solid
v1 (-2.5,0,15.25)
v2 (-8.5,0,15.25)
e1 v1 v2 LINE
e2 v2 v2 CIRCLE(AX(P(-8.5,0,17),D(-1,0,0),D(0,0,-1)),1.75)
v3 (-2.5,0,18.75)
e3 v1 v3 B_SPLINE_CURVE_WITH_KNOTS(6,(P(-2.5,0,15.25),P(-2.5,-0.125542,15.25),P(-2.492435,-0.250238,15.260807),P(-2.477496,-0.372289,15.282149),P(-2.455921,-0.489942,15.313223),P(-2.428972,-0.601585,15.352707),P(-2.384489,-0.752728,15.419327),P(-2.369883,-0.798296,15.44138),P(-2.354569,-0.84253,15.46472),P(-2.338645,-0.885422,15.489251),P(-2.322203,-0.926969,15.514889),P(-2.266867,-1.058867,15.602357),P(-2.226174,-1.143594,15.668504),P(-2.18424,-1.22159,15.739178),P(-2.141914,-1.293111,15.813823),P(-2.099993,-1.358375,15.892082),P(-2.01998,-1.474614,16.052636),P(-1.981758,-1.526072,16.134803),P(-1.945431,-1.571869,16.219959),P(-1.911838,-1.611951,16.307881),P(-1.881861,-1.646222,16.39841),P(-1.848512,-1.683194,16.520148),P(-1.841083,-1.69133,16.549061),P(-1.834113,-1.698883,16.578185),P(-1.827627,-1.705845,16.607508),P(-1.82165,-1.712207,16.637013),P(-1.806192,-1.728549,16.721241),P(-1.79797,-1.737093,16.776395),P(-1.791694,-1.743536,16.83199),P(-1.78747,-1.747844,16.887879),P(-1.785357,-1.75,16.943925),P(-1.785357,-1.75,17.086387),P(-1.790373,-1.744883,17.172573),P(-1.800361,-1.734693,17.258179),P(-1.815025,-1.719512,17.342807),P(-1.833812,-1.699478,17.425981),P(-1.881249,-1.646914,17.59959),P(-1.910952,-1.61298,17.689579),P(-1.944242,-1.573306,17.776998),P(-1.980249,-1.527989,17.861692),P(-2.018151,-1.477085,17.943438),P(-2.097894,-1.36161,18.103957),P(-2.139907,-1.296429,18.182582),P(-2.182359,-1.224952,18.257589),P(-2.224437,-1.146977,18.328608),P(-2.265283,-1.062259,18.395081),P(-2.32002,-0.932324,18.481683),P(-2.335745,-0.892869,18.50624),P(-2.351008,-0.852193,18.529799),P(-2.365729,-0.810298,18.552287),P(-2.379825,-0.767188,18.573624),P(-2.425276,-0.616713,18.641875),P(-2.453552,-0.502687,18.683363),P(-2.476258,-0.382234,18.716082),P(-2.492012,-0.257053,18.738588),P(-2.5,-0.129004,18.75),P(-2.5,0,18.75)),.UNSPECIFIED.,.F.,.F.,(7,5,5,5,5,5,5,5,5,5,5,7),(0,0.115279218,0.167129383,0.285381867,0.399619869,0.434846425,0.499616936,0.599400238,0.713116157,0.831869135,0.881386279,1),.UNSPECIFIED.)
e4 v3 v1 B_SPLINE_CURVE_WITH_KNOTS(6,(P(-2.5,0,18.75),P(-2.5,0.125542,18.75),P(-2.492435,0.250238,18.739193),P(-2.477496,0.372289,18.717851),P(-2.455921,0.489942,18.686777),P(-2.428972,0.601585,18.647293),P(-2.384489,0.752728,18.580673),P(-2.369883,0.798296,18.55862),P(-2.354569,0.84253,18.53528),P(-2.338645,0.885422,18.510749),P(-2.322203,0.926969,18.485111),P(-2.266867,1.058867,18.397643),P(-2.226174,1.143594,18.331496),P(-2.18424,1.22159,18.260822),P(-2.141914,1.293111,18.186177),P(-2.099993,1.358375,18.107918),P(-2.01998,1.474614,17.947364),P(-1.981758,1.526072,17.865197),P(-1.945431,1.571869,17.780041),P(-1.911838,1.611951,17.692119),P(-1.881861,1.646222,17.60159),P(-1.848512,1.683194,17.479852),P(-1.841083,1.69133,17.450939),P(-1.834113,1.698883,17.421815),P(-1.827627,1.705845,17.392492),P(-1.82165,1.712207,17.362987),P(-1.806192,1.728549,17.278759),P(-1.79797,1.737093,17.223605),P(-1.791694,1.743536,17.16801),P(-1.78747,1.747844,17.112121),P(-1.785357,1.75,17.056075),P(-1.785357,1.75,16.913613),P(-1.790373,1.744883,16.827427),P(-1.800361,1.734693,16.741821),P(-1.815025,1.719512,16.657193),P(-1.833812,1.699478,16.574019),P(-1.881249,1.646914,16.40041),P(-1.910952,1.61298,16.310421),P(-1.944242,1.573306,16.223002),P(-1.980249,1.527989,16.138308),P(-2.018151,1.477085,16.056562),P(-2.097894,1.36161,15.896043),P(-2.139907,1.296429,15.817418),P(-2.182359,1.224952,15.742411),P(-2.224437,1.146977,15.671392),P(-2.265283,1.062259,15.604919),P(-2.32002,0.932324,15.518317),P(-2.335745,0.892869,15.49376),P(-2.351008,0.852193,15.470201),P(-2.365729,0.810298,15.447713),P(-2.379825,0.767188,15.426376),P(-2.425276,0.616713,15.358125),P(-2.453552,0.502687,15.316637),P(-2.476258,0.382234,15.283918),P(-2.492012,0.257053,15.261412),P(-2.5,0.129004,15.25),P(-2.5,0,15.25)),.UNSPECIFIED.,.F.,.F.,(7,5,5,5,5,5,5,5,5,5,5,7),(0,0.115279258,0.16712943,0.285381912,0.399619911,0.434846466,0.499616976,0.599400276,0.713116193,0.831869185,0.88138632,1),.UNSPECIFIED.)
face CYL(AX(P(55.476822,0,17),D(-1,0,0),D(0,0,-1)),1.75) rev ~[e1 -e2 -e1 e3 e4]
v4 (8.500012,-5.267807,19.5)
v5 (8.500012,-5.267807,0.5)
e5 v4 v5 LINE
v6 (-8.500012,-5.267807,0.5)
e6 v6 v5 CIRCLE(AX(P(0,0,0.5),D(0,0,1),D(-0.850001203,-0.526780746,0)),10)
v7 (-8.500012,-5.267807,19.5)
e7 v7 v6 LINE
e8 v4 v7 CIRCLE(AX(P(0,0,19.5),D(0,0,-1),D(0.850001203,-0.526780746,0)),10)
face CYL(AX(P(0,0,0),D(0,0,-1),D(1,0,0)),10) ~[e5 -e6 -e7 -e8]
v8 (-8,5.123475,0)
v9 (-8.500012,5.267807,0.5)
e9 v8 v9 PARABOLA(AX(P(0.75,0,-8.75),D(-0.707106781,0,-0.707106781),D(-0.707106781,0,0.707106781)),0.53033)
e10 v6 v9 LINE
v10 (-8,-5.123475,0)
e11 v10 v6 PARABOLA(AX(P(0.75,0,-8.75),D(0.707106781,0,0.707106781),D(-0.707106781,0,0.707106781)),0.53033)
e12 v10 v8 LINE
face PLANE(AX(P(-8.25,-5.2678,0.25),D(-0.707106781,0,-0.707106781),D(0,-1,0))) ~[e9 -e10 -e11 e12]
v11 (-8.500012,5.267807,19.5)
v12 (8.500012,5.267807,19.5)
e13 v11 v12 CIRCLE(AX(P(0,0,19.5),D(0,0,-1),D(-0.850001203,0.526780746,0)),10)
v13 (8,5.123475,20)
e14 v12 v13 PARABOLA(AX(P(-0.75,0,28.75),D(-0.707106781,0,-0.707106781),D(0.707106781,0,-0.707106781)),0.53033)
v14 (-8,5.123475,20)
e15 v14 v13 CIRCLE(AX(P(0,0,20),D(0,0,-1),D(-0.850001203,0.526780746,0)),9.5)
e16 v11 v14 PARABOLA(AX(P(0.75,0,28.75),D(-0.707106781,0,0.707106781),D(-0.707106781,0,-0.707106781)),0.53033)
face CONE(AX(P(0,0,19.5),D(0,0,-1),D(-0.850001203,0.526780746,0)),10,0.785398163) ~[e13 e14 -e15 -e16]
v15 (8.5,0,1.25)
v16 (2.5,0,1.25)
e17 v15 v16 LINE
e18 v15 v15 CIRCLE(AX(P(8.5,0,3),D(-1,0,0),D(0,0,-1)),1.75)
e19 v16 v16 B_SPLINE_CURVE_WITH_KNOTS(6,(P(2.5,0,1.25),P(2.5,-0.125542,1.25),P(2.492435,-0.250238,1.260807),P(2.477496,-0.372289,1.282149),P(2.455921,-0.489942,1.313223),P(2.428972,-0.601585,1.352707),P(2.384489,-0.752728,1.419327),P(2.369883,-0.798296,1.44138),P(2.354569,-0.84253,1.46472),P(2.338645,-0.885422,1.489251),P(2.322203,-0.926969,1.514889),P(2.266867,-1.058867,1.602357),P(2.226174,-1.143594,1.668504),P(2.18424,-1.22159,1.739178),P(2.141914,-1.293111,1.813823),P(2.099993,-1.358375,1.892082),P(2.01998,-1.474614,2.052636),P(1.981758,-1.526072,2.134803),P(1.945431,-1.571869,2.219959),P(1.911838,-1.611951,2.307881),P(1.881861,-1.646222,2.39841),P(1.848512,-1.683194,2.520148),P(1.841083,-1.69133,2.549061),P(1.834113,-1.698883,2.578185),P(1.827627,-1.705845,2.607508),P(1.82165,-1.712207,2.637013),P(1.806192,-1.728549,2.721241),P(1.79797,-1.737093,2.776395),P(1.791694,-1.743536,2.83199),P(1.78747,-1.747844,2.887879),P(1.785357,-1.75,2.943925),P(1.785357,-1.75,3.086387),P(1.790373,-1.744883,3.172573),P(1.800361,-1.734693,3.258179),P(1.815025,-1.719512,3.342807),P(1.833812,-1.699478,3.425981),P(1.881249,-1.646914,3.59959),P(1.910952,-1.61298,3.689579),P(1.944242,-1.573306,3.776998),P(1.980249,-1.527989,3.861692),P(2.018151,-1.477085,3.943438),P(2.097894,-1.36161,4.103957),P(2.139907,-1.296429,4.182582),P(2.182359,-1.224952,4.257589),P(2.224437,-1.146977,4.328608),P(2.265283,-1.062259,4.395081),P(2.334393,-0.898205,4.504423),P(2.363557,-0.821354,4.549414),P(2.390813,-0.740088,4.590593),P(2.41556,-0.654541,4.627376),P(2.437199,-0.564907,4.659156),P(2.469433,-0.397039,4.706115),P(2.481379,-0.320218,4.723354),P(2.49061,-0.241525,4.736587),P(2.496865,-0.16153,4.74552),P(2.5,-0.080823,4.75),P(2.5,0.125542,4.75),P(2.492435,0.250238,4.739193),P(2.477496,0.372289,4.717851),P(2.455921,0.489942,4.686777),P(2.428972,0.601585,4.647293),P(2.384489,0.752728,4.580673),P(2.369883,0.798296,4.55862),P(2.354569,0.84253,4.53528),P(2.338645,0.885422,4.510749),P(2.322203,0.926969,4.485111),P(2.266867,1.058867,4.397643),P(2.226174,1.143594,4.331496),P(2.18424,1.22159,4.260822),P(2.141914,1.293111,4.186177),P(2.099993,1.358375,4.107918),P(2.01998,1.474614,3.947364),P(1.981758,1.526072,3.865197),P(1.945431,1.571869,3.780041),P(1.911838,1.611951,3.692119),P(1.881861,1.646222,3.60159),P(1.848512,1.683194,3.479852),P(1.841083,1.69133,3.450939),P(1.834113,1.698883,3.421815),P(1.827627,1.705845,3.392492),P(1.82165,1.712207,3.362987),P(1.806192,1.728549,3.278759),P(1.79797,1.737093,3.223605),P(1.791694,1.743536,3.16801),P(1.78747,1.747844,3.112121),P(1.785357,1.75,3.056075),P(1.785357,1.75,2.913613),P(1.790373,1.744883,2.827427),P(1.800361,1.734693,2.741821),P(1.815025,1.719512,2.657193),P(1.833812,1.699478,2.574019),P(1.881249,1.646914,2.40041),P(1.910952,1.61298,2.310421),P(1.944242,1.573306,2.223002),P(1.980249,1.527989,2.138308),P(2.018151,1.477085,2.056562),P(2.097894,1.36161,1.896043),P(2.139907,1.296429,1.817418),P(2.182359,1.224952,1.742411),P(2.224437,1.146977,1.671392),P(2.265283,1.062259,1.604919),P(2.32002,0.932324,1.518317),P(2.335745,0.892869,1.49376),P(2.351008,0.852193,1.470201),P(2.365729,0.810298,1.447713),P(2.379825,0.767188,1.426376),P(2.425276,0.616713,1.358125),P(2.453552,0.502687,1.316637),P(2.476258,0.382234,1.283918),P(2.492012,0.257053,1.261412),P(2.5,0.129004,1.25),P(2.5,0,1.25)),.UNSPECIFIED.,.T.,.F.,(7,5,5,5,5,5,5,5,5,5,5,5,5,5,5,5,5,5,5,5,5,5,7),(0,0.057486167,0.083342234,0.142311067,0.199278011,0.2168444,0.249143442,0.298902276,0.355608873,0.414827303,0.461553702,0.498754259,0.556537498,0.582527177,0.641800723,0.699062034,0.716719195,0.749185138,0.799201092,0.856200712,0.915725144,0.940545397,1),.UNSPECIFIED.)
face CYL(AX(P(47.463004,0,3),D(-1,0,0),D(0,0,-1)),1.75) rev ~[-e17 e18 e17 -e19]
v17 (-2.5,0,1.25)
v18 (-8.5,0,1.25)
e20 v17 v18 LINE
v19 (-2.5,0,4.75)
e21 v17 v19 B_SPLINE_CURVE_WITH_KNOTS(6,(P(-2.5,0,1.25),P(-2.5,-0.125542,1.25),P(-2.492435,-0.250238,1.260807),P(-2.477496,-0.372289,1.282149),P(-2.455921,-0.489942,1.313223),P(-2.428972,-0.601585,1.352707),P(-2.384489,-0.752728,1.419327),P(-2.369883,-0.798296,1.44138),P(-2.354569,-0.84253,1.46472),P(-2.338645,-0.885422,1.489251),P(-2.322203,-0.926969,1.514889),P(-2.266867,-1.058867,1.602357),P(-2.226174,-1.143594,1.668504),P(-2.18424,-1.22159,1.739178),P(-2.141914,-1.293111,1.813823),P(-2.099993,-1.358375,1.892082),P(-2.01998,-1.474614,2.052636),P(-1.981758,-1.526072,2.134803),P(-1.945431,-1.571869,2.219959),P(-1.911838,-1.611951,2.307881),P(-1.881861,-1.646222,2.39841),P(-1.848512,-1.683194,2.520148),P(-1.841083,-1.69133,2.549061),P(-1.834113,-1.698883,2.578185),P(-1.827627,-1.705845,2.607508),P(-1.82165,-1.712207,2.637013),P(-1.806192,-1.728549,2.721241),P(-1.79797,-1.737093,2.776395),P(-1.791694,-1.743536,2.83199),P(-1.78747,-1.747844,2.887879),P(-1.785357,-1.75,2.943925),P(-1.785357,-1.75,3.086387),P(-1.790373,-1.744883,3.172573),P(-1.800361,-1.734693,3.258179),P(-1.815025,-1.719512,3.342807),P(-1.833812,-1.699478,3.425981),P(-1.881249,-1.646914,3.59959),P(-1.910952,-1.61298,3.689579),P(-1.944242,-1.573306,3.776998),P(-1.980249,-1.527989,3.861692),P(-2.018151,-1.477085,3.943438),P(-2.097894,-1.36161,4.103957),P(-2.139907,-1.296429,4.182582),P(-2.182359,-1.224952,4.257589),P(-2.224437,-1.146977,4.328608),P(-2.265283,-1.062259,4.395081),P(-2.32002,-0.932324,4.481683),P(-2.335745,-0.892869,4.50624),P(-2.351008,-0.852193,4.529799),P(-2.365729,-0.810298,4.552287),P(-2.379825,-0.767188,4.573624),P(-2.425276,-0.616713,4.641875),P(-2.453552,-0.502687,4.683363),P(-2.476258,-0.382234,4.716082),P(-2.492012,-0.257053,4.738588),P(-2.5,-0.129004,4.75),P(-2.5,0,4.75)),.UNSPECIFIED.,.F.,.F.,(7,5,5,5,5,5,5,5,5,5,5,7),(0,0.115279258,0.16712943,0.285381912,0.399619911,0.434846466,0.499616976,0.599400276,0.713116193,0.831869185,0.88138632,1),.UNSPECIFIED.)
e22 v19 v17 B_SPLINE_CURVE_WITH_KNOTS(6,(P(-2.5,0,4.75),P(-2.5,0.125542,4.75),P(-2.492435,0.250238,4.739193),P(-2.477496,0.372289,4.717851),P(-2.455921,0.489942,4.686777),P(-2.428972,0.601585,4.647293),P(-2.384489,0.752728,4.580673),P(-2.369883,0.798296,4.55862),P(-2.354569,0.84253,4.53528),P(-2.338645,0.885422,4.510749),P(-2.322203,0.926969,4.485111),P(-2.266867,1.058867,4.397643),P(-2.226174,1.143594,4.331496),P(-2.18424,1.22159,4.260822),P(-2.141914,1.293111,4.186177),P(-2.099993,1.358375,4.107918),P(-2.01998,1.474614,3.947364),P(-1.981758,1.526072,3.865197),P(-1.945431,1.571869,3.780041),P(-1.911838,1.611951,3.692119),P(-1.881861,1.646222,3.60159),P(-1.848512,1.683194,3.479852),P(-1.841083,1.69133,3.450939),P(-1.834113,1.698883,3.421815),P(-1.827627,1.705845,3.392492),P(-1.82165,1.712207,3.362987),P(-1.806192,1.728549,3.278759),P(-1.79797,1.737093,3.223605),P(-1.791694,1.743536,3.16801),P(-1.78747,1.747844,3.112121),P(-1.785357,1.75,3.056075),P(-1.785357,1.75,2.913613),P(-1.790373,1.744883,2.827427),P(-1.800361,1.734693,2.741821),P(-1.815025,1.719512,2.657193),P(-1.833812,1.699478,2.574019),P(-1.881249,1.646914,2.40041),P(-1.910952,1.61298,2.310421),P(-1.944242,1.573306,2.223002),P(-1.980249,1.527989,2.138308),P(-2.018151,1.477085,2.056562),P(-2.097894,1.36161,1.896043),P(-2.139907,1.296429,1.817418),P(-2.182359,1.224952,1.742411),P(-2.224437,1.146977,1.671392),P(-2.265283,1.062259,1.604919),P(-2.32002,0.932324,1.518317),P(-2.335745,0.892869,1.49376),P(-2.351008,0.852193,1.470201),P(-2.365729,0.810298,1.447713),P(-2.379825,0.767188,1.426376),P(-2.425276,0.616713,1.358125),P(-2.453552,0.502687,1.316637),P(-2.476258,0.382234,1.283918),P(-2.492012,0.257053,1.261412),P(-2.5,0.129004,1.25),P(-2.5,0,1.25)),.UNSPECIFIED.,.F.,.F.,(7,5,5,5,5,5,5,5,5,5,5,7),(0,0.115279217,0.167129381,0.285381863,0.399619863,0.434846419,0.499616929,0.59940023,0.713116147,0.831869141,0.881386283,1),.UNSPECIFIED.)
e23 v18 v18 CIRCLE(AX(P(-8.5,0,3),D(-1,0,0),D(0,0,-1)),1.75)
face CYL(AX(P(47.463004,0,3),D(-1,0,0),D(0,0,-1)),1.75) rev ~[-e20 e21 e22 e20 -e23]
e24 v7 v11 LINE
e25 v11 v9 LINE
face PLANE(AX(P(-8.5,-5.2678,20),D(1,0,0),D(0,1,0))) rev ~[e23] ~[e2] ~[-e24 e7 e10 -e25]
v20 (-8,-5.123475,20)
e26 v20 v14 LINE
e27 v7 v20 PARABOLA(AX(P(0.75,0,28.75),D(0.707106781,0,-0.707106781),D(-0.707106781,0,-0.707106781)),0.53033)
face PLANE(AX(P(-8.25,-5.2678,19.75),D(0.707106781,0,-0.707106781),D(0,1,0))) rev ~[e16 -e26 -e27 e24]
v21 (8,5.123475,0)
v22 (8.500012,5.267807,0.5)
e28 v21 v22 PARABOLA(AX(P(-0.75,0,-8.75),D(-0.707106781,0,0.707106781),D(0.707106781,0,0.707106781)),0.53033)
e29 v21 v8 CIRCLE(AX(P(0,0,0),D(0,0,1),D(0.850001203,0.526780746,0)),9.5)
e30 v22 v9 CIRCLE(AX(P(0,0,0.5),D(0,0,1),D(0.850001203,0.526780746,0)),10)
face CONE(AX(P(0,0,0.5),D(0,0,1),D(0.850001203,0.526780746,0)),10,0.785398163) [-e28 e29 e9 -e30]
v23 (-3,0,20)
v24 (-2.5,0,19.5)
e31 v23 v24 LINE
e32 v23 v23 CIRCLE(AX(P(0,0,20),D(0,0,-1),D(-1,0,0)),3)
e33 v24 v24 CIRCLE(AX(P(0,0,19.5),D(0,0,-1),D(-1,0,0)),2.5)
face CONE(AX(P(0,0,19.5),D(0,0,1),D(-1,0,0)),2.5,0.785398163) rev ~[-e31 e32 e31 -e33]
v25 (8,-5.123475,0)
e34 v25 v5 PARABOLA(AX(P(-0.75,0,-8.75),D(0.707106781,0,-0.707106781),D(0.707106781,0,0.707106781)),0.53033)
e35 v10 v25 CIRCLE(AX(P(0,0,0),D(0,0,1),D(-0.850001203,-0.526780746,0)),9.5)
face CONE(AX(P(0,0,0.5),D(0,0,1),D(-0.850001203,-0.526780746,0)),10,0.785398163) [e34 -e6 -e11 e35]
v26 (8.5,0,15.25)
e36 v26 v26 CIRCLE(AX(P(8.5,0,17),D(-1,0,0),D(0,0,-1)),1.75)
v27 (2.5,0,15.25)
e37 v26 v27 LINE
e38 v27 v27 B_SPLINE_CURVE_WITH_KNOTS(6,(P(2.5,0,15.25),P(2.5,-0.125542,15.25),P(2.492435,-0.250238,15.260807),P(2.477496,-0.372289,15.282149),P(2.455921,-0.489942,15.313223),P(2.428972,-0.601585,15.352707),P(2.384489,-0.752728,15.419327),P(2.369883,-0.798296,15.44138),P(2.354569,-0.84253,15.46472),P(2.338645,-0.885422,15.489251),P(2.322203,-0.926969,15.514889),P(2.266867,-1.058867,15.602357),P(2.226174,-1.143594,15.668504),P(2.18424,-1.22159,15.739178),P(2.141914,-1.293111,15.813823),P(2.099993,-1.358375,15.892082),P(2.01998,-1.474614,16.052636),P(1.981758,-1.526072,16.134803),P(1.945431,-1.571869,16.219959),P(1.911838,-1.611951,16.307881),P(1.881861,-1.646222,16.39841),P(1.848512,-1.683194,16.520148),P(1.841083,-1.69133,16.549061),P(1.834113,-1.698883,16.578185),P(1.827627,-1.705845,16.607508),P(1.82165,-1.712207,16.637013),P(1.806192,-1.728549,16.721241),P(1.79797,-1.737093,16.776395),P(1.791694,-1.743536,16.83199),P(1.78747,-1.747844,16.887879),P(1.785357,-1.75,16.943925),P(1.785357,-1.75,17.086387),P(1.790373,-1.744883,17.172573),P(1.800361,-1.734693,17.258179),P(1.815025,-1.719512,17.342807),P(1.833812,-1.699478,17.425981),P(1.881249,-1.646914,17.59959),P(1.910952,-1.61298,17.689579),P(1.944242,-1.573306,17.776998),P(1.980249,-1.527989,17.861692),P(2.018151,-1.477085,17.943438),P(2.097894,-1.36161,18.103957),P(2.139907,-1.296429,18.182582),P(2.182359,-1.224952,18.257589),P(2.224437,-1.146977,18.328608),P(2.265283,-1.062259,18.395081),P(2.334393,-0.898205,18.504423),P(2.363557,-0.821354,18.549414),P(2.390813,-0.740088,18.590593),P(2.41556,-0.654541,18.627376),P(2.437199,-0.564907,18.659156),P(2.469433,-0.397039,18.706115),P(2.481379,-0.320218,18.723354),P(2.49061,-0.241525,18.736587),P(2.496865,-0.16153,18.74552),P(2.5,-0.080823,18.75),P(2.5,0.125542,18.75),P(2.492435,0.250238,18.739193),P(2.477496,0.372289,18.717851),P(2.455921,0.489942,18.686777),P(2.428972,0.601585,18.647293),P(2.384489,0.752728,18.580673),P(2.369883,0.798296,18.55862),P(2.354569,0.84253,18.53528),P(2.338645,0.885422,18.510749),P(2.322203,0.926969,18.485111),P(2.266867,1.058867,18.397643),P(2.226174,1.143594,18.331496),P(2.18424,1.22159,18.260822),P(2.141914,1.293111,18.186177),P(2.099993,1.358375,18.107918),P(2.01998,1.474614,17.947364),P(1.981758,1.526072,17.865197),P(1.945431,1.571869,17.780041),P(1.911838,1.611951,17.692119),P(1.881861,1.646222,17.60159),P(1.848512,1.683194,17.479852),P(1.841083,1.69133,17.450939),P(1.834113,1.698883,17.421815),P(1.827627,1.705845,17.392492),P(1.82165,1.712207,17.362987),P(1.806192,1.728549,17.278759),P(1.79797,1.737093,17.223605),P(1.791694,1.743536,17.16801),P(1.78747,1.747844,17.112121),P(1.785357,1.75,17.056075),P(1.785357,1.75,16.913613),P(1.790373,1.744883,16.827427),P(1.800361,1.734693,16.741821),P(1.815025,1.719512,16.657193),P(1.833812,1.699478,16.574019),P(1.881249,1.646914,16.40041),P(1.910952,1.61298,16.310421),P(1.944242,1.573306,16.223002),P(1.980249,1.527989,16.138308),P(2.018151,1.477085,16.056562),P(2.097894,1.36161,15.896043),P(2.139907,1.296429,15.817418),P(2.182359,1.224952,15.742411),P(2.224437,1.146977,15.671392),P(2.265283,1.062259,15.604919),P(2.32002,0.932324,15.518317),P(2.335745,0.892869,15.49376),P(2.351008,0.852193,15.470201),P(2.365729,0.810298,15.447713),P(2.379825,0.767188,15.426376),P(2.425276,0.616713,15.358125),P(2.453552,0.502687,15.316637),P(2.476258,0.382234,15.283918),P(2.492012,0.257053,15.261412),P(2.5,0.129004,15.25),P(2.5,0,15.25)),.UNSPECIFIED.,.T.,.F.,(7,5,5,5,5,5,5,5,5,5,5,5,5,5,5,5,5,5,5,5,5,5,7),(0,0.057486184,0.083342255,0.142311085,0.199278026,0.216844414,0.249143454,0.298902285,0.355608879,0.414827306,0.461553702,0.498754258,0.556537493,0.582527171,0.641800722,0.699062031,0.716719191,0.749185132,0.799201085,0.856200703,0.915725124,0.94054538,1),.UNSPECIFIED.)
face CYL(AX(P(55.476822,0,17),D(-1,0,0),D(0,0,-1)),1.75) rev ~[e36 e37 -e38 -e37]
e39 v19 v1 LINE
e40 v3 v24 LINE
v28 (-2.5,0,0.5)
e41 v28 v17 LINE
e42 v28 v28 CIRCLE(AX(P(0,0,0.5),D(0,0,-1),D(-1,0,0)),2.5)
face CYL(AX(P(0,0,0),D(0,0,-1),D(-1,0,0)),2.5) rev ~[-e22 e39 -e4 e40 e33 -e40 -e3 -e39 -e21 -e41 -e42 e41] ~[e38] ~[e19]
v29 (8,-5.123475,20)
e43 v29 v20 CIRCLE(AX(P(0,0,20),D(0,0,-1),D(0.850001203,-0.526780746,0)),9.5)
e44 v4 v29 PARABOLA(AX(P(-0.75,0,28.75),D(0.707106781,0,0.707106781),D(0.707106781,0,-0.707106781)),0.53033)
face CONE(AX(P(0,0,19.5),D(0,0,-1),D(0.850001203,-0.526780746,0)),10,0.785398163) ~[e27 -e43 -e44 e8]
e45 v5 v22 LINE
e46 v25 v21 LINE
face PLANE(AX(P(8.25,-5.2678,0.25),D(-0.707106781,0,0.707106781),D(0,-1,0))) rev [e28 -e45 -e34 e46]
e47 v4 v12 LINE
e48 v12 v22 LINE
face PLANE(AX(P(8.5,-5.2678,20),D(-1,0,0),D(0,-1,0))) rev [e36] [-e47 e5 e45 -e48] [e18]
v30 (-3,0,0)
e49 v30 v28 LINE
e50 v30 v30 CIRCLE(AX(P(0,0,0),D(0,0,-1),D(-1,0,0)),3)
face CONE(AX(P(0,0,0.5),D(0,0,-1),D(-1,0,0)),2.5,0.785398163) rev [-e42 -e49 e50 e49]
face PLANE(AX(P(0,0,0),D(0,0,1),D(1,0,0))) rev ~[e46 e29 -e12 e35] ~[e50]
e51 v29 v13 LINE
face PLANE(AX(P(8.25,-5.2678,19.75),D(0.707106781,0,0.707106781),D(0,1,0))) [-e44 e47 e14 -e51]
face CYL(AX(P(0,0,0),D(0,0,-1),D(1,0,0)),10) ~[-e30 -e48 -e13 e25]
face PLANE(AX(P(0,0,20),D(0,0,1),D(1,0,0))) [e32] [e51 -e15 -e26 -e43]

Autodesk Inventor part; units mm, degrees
ref_plane "YZ Plane" through (0, 0, 0) normal (1, 0, 0) x (0, 1, 0)
ref_plane "XZ Plane" through (0, 0, 0) normal (0, 1, 0) x (-1, 0, 0)
ref_plane "XY Plane" through (0, 0, 0) normal (0, 0, 1) x (1, 0, 0)
sketch "Sketch1" plane through (0, 0, 0) normal (0, 0, 1) x (1, 0, 0)
  circle A0 centre (0, 0) radius 10
  dimension "d0" = 20
extrude "Extrusion1" add sketch "Sketch1" along normal blind 20
sketch "Sketch3" plane through (0, 0, 0) normal (0, 0, -1) x (-1, 0, 0)
  circle A0 centre (0, 0) radius 2.5
  dimension "d49" = 5
extrude "Extrusion3" cut sketch "Sketch3" against normal through all
sketch "Sketch4" plane through (0, 0, 0) normal (1, 0, 0) x (0, 1, 0)
  circle A0 centre (0, 3) radius 1.5
  line L0 (-10, 0) -> (10, 0) projected
  circle A1 centre (0, 17) radius 1.5
  line L1 (10, 20) -> (-10, 20) projected
  point P0 (0, 0)
  dimension "d9" = 3
  dimension "d10" = 3
  dimension "d11" = 3
  dimension "d12" = 3
sketch "Sketch5" plane through (0, 0, 20) normal (0, 0, 1) x (1, 0, 0)
  circle A0 centre (0, 0) radius 10 projected
  line L0 (-8.5, -5.2678) -> (-8.5, 5.2678)
  dimension "d48" = 8.5
extrude "Extrusion5" cut sketch "Sketch5" against normal blind 21.25 contours L0 A0 picked at (-8.817, 1.0892)
mirror "Mirror1" about plane through (0, 0, 0) normal (1, 0, 0) of "Extrusion5"
chamfer "Chamfer1" distance 0.5 angle 45 2 edges at (2.5, 0, 0) (2.5, 0, 20)
chamfer "Chamfer2" distance 0.5 angle 45 8 edges at (0, 10, 20) (0, -10, 20) (8.5, 0, 20) (0, 10, 0) (0, -10, 0) (8.5, 0, 0) (-8.5, 0, 0) (-8.5, 0, 20)
hole "Hole1" at (0, 0, 17) at (0, 0, 3) direction (-1, 0, 0) diameter 3.5 end through all both
thread "Thread5" size "M3.5x0.6" class "6H" standard "ANSI Metric M Profile" full length
thread "Thread6" size "M3.5x0.6" class "6H" standard "ANSI Metric M Profile" full length
thread "Thread7" size "M3.5x0.6" class "6H" standard "ANSI Metric M Profile" full length
thread "Thread8" size "M3.5x0.6" class "6H" standard "ANSI Metric M Profile" full length
properties part number "КВ33.000.106 - Муфта" material "Aluminum 6061"
